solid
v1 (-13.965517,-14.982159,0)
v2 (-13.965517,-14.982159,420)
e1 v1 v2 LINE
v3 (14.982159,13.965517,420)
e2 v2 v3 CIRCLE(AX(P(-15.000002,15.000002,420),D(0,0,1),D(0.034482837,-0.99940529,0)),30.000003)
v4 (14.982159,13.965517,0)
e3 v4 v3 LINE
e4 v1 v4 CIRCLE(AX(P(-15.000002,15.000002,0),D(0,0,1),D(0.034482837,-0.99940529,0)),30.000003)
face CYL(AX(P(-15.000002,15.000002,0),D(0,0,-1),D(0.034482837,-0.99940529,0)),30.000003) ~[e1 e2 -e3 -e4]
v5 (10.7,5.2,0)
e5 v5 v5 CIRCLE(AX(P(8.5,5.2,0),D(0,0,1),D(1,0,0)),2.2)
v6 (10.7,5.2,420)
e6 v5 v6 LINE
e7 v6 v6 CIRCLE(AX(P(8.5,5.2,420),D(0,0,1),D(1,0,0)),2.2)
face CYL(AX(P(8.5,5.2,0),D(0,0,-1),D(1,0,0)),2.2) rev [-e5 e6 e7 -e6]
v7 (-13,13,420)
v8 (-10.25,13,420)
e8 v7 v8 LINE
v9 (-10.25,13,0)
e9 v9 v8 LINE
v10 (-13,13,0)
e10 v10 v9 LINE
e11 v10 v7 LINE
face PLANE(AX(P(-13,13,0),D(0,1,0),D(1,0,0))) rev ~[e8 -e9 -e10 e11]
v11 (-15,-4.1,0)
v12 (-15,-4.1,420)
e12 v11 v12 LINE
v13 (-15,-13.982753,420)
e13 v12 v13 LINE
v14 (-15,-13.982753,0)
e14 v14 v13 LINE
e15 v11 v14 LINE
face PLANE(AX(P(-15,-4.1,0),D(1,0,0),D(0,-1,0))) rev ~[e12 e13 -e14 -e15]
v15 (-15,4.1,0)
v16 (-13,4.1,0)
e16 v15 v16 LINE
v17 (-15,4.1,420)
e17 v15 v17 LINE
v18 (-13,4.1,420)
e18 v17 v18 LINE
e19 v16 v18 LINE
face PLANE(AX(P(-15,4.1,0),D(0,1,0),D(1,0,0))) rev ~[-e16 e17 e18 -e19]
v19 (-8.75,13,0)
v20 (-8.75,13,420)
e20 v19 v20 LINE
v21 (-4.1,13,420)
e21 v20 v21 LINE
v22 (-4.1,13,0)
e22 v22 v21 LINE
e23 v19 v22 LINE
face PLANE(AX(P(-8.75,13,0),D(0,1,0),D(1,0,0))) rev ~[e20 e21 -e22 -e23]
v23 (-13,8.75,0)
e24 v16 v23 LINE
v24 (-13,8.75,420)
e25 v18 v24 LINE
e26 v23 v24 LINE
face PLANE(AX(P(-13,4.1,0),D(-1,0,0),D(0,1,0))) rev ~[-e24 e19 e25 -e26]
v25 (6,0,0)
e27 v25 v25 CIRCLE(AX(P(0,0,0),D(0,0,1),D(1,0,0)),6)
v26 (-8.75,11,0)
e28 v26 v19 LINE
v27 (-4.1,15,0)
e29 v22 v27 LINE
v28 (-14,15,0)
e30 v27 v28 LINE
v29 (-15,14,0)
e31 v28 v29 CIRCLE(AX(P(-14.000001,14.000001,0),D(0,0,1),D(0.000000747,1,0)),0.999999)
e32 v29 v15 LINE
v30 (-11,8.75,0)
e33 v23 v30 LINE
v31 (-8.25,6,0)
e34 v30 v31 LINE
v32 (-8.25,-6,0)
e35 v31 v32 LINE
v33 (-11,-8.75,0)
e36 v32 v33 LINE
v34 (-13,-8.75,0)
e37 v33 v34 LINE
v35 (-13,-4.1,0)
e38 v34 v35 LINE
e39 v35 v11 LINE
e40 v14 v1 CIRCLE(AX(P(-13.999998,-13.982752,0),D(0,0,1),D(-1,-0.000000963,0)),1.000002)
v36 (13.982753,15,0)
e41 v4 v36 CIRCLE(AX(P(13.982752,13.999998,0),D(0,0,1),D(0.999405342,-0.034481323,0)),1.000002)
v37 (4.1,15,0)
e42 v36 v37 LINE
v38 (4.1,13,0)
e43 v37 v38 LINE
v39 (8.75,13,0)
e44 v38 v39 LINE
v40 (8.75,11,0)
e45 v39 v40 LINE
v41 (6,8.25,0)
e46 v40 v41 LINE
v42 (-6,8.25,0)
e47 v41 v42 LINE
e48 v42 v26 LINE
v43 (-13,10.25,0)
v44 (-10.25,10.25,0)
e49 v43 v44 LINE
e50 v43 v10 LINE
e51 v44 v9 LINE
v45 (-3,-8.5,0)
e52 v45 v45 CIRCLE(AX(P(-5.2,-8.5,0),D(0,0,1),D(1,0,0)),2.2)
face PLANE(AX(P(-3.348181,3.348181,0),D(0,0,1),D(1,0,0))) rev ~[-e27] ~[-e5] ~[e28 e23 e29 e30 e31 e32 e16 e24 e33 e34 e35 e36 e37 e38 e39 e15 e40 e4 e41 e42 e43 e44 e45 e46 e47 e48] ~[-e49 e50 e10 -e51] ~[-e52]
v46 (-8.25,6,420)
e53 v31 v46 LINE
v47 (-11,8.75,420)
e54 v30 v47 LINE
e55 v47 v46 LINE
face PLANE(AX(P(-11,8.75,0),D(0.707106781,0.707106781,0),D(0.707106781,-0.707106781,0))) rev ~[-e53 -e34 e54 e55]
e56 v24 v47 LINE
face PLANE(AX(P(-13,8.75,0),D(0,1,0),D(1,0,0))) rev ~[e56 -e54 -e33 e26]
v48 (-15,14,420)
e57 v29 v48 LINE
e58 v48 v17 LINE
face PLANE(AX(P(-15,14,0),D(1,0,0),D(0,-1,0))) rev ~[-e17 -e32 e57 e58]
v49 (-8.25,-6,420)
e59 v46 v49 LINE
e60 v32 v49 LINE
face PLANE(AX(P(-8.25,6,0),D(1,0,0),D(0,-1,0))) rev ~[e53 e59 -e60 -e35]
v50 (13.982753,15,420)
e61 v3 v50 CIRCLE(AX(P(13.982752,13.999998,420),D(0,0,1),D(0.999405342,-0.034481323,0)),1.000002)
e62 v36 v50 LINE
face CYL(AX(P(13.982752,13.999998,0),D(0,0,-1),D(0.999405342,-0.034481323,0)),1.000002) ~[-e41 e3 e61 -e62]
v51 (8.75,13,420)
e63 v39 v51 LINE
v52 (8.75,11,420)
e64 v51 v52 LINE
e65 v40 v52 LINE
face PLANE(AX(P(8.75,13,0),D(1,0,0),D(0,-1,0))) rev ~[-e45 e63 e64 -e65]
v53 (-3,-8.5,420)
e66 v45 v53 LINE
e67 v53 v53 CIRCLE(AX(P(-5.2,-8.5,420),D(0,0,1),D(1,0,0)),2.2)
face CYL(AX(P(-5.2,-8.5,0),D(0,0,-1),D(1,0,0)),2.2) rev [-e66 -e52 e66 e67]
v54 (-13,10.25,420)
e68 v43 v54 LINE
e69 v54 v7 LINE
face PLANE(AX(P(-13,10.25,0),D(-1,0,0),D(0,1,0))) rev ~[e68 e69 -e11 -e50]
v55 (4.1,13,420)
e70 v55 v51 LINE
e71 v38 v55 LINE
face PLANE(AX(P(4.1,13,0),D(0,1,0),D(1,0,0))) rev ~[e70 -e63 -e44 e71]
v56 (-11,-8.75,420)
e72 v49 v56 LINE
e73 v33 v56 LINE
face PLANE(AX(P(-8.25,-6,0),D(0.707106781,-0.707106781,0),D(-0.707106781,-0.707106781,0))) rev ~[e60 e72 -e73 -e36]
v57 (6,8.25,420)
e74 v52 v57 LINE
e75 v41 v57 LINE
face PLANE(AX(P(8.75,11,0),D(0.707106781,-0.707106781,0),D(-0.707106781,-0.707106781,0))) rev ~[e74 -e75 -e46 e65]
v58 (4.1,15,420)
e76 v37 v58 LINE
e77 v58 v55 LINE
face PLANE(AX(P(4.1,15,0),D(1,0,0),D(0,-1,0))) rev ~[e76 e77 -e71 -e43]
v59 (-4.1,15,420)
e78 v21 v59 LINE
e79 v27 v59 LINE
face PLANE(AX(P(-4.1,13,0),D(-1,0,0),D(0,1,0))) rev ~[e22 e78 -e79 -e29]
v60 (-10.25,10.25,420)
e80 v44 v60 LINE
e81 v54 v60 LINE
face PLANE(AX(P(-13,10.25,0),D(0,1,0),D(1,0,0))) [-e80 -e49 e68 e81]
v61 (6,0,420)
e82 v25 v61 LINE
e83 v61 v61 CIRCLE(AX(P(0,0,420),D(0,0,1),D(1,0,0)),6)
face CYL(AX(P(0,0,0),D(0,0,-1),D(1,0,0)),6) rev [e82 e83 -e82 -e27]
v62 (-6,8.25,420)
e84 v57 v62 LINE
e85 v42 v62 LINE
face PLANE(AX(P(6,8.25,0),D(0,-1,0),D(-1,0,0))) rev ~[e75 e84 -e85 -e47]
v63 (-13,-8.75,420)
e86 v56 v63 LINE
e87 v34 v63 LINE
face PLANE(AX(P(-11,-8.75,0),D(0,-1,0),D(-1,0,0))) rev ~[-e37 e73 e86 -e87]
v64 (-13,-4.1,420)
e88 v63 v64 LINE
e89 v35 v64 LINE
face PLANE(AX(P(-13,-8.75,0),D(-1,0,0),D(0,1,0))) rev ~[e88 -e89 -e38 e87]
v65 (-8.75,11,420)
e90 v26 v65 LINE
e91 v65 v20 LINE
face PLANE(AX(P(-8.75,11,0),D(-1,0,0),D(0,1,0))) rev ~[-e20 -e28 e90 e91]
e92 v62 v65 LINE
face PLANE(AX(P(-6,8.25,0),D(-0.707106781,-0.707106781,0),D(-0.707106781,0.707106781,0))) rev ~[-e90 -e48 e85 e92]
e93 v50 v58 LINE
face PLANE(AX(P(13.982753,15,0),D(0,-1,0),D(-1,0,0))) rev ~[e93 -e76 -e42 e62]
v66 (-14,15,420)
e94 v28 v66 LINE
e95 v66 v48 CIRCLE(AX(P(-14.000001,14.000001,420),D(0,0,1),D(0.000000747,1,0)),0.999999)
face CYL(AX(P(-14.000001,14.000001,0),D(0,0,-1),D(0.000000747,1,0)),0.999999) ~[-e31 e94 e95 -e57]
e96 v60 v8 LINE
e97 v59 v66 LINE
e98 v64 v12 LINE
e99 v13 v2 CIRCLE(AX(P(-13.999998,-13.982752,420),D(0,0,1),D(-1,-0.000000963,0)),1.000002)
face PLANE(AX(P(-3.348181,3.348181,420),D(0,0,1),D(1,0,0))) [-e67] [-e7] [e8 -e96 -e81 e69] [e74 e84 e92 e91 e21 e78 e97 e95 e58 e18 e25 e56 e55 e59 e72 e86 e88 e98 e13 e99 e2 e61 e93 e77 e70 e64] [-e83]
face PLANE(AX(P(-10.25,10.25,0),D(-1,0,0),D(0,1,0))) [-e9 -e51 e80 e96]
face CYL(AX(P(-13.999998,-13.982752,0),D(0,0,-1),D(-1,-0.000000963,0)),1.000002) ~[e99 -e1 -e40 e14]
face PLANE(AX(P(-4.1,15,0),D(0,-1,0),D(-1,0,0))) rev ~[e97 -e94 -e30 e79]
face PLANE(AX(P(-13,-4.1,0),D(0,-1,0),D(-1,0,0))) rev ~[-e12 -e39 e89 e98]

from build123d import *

# Parameters (mm, degrees)
SKETCH006_R   = 6
SKETCH006_R_2 = 2.2
SKETCH006_W   = 2.75
SKETCH006_H   = 2.75
PAD_DEPTH     = 420


with BuildPart() as part:
    # Sketch006 → Pad (new body)
    with BuildSketch(Plane.XY):
        with BuildLine():
            Line((13.982753, 15), (4.1, 15))
            Line((4.1, 15), (4.1, 13))
            Line((4.1, 13), (8.75, 13))
            Line((8.75, 13), (8.75, 11))
            Line((8.75, 11), (6, 8.25))
            Line((6, 8.25), (-6, 8.25))
            Line((-6, 8.25), (-8.75, 11))
            Line((-8.75, 11), (-8.75, 13))
            Line((-8.75, 13), (-4.1, 13))
            Line((-4.1, 13), (-4.1, 15))
            Line((-4.1, 15), (-14, 15))
            ThreePointArc((-14, 15), (-14.707107, 14.707107), (-15, 14))
            Line((-15, 14), (-15, 4.1))
            Line((-15, 4.1), (-13, 4.1))
            Line((-13, 4.1), (-13, 8.75))
            Line((-13, 8.75), (-11, 8.75))
            Line((-11, 8.75), (-8.25, 6))
            Line((-8.25, 6), (-8.25, -6))
            Line((-8.25, -6), (-11, -8.75))
            Line((-11, -8.75), (-13, -8.75))
            Line((-13, -8.75), (-13, -4.1))
            Line((-13, -4.1), (-15, -4.1))
            Line((-15, -4.1), (-15, -13.982753))
            ThreePointArc((-15, -13.982753), (-14.694808, -14.701948), (-13.965517, -14.982159))
            ThreePointArc((-13.965517, -14.982159), (6.213203, -6.213203), (14.982159, 13.965517))
            ThreePointArc((14.982159, 13.965517), (14.701948, 14.694808), (13.982753, 15))
        make_face()
        Circle(SKETCH006_R, mode=Mode.SUBTRACT)
        with Locations((-5.2, -8.5)):
            Circle(SKETCH006_R_2, mode=Mode.SUBTRACT)
        with Locations((8.5, 5.2)):
            Circle(SKETCH006_R_2, mode=Mode.SUBTRACT)
        with Locations((-11.625, 11.625)):
            Rectangle(SKETCH006_W, SKETCH006_H, mode=Mode.SUBTRACT)
    extrude(amount=PAD_DEPTH)


solid = part.part
